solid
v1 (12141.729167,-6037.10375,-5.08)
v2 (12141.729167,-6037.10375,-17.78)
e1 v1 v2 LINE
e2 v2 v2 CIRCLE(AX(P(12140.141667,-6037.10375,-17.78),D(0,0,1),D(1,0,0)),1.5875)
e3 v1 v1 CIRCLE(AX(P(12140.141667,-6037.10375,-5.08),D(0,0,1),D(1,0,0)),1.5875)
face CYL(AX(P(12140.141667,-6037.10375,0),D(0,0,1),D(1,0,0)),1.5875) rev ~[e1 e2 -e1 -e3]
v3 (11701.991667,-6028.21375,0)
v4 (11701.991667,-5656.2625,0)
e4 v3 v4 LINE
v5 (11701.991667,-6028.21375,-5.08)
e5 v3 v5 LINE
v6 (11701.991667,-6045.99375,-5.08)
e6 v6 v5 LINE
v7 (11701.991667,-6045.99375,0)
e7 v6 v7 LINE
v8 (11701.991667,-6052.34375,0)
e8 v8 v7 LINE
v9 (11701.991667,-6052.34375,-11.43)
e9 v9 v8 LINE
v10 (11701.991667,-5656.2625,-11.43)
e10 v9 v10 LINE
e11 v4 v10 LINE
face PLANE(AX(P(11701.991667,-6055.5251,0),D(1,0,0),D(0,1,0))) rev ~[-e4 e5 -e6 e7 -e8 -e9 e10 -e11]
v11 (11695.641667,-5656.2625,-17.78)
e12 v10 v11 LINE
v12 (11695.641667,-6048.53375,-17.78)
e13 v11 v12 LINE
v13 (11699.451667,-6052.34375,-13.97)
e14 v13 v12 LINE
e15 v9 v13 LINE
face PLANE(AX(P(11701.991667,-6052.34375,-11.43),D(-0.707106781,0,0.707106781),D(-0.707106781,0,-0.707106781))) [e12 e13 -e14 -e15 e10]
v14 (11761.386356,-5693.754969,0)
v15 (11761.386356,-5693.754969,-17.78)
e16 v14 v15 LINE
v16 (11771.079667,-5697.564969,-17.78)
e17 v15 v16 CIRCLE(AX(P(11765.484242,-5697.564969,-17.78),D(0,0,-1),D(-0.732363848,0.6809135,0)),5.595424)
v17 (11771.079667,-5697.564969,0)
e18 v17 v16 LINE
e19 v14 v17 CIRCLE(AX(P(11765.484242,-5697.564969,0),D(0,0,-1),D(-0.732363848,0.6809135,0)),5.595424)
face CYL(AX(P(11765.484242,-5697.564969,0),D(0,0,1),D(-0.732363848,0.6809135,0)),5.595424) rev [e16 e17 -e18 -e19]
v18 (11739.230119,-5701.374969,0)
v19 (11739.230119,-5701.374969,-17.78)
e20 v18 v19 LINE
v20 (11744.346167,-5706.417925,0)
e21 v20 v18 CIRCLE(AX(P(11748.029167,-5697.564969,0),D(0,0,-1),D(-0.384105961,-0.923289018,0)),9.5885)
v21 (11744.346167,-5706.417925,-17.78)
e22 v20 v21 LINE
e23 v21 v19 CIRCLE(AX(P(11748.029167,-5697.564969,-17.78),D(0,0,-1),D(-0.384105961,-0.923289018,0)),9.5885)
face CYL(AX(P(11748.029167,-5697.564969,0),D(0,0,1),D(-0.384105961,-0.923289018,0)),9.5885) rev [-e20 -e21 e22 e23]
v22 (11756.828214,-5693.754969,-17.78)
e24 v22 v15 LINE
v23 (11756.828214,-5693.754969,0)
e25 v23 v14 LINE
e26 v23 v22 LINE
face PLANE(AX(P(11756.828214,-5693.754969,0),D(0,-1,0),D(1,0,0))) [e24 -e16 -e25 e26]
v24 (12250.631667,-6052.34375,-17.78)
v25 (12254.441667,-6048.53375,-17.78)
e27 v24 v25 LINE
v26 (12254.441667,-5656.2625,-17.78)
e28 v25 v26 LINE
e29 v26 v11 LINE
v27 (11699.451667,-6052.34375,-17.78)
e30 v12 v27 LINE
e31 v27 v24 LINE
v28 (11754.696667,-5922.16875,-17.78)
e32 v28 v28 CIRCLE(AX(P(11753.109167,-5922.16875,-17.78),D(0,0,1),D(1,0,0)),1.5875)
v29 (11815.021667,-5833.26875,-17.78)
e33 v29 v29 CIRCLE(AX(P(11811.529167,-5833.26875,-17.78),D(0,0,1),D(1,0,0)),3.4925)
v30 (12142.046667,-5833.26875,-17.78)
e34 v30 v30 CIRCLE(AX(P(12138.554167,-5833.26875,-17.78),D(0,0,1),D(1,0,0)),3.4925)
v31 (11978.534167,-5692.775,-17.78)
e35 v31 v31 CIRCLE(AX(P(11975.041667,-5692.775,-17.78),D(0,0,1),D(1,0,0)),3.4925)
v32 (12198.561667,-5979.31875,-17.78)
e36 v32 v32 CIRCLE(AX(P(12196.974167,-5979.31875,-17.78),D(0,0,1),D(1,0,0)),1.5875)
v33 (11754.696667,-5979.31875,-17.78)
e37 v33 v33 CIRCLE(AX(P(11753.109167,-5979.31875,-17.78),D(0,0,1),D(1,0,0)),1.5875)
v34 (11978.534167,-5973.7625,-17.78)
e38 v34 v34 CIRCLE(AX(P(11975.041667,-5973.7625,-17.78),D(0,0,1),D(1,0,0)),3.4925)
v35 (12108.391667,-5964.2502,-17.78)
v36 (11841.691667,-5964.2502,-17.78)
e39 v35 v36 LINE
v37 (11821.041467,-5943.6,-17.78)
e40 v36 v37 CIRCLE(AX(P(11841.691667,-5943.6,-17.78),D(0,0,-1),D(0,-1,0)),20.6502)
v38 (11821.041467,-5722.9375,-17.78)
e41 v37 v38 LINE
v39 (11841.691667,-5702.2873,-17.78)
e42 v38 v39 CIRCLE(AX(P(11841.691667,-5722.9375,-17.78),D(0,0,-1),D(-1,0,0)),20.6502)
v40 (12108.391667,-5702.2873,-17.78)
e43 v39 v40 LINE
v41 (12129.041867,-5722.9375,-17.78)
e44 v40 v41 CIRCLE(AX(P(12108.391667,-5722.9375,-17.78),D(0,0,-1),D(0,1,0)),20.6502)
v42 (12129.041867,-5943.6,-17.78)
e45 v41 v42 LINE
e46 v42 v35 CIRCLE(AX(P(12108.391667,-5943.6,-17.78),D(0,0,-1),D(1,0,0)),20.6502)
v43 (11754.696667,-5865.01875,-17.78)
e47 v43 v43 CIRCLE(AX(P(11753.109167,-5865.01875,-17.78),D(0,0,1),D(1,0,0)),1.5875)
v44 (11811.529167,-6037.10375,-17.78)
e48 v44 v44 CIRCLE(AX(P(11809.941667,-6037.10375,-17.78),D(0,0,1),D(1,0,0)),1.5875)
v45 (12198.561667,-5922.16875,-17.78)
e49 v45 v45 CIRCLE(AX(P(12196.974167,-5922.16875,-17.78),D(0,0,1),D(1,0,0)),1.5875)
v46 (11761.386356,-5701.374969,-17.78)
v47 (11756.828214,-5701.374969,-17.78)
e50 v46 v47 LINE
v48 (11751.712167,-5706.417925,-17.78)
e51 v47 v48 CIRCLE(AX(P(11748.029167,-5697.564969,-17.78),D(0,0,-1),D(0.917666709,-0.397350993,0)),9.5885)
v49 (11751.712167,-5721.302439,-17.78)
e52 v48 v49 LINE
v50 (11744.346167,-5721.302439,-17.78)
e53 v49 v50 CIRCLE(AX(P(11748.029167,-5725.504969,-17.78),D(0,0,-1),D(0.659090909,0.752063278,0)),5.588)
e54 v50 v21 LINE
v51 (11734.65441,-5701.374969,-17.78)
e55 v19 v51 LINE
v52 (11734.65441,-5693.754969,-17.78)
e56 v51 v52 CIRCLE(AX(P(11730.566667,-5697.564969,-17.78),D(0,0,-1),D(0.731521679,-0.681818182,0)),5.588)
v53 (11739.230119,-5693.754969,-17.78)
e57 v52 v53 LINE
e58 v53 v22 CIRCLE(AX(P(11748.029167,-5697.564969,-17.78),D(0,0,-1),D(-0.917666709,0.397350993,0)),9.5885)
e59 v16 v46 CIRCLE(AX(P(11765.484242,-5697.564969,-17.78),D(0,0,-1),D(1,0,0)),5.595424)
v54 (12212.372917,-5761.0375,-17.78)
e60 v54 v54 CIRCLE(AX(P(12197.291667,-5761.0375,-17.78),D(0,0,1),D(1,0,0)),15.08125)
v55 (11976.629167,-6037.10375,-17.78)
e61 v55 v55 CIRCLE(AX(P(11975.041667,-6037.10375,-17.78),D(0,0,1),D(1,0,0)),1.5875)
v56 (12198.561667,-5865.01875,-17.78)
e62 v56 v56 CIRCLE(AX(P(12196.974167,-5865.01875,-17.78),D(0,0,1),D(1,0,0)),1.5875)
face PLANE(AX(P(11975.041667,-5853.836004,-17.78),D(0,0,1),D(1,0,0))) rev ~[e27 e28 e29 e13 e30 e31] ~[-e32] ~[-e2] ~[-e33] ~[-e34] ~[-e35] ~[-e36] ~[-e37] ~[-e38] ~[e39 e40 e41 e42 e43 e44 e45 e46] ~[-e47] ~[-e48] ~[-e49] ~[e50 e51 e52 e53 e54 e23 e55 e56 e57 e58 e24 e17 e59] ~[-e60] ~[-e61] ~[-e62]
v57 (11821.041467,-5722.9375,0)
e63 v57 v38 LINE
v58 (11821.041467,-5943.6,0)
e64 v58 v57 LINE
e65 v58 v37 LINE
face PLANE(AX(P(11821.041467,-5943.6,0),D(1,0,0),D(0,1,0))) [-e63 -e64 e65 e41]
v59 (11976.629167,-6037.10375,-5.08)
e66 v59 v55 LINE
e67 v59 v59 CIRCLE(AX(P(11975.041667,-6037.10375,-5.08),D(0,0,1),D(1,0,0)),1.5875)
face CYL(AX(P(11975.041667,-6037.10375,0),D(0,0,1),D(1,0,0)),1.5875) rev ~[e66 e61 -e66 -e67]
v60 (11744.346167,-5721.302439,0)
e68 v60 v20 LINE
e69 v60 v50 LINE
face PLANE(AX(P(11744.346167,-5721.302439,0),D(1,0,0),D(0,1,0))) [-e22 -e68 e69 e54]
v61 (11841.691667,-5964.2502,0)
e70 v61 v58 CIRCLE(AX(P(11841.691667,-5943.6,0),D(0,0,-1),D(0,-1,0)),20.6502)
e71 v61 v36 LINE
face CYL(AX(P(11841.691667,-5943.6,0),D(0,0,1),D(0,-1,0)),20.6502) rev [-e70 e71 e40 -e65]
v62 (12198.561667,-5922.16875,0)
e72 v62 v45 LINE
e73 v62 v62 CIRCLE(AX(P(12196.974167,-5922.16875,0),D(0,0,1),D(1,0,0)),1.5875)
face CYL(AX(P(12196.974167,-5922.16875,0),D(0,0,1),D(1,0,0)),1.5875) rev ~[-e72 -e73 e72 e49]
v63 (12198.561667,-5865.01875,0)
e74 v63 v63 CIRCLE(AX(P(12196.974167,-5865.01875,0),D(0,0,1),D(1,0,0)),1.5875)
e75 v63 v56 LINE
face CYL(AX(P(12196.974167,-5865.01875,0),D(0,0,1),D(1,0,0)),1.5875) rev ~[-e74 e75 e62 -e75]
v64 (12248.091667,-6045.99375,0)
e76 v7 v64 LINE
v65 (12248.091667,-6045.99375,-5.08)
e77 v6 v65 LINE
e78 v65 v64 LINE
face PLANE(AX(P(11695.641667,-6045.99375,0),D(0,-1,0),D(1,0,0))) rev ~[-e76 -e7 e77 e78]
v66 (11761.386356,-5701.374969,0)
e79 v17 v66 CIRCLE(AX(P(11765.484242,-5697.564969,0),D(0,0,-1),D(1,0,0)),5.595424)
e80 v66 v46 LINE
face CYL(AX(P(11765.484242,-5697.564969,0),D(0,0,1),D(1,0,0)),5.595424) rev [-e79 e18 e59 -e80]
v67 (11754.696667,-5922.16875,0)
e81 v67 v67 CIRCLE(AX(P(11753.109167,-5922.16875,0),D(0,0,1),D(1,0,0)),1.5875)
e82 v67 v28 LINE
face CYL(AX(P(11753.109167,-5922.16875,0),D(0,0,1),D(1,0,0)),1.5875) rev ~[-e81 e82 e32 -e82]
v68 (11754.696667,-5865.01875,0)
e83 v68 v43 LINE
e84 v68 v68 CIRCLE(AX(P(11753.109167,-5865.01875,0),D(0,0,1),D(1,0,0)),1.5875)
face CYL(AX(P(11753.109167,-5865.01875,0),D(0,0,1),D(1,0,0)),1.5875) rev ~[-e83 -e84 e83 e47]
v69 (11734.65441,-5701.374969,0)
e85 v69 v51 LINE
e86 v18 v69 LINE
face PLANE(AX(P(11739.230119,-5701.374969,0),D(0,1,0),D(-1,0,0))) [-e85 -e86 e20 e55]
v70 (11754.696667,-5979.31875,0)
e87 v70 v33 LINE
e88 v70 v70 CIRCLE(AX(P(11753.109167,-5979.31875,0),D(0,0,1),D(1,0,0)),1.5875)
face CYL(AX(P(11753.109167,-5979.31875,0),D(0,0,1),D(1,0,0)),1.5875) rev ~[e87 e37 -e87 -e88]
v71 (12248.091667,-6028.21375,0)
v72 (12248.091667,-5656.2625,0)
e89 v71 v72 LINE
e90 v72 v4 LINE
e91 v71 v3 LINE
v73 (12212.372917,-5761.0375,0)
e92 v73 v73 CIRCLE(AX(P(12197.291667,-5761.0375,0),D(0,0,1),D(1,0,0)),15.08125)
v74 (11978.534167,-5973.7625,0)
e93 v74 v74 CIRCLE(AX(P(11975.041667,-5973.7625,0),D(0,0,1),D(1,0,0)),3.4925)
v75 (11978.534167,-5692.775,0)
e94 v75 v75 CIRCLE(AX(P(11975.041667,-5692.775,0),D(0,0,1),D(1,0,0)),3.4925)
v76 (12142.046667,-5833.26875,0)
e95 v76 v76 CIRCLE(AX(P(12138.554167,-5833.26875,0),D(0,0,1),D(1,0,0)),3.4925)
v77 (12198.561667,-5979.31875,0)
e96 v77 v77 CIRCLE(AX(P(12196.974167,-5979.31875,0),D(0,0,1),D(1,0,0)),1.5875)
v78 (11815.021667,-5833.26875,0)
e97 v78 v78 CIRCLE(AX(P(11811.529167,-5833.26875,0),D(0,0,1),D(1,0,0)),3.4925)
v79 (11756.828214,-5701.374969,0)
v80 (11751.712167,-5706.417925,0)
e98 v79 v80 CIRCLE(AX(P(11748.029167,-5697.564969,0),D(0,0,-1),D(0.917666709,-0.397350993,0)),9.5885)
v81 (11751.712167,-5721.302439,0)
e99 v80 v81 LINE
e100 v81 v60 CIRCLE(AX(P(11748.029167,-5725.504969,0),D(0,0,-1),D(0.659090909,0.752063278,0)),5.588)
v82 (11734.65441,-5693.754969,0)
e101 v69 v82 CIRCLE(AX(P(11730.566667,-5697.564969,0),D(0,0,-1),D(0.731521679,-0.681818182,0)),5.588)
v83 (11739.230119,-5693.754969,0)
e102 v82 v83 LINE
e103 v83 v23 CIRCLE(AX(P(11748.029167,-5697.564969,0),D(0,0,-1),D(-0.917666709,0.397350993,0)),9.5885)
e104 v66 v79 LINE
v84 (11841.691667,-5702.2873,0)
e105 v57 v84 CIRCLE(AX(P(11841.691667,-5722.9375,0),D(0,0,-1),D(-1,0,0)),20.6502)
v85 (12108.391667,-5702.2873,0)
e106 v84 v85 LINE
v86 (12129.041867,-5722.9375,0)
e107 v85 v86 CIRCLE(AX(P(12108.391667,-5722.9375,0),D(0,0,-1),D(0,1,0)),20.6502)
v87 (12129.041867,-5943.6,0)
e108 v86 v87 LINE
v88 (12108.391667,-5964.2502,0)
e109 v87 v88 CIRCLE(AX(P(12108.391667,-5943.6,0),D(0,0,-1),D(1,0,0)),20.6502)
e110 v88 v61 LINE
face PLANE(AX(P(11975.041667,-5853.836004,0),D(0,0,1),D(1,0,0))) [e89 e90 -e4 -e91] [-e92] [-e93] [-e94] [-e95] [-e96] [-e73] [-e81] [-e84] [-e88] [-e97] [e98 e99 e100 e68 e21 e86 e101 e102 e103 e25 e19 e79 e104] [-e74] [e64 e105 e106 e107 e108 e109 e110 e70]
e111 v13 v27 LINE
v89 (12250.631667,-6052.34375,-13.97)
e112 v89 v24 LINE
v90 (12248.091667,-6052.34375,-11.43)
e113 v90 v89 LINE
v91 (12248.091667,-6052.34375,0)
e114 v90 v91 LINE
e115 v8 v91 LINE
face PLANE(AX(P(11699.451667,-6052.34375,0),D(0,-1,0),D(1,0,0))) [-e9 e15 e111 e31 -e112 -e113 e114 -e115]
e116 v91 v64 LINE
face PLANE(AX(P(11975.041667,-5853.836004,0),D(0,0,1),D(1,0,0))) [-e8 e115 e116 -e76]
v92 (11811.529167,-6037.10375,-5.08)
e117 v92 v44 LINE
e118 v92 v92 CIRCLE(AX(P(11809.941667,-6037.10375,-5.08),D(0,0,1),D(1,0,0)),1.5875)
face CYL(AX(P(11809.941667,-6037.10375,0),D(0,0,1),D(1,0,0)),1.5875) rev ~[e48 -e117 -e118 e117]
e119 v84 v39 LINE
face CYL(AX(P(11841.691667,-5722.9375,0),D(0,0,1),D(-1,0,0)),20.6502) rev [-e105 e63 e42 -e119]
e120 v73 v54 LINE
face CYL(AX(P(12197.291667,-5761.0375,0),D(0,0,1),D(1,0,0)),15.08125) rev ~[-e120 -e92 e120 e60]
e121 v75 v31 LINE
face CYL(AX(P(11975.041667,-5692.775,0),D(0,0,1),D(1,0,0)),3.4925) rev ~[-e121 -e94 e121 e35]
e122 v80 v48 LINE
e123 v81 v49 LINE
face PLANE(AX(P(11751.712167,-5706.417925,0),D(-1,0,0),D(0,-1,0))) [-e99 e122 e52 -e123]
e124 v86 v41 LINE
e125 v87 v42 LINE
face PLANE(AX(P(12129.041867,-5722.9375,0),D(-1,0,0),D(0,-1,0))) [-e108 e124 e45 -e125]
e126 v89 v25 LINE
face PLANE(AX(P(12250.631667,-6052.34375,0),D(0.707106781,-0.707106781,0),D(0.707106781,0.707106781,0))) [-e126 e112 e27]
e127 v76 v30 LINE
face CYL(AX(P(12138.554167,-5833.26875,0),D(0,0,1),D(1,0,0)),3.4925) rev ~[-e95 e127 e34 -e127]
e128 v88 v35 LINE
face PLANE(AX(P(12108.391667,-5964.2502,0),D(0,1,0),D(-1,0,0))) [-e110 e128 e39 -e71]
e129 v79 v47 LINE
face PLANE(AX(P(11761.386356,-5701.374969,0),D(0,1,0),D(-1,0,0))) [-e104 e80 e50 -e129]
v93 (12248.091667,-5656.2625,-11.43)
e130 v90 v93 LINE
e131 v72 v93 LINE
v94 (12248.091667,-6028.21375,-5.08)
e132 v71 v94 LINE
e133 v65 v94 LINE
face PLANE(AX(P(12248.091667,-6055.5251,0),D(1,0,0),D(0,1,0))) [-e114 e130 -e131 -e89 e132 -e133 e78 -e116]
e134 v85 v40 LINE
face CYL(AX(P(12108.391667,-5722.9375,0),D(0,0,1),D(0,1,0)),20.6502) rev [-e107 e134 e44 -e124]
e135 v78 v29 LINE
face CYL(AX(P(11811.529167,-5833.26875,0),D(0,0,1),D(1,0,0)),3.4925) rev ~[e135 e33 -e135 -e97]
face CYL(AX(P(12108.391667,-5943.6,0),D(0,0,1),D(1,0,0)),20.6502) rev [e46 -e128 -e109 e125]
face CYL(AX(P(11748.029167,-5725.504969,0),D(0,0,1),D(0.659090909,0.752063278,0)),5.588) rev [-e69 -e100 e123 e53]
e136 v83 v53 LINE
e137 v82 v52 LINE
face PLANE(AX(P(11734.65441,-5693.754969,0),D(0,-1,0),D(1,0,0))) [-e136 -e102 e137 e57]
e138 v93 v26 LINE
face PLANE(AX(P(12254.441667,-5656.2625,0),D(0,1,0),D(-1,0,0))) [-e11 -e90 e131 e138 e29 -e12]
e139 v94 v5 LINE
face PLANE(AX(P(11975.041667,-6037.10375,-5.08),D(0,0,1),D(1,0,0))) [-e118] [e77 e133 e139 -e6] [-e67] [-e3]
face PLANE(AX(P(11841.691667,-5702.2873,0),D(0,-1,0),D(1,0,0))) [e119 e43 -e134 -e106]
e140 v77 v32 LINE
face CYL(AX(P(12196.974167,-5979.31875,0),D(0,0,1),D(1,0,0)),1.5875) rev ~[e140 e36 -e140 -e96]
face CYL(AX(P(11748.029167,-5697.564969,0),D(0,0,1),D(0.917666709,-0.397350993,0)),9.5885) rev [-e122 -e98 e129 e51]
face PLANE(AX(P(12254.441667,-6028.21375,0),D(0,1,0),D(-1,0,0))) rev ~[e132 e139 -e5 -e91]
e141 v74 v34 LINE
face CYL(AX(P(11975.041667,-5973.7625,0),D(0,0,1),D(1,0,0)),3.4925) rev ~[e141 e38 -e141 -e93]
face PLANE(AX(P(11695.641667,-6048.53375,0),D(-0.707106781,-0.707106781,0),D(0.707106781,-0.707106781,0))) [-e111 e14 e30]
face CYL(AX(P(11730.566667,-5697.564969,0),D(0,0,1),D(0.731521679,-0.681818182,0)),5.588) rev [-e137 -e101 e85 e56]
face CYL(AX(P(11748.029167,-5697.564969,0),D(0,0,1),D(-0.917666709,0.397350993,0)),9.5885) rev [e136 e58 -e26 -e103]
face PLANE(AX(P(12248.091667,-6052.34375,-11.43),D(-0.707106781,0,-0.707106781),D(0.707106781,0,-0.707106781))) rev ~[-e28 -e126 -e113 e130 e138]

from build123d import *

# Parameters (mm, degrees)
EXTRUDE1_DEPTH     = 17.78
SKETCH3_R          = 15.08125
SKETCH3_R_2        = 3.4925
SKETCH3_R_3        = 1.5875
CUT_EXTRUDE1_DEPTH = 17.78
CUT_EXTRUDE2_DEPTH = 5.08
SKETCH5_W          = 14.2875
SKETCH5_H          = 404.0251
CUT_EXTRUDE3_DEPTH = 11.43
CUT_EXTRUDE4_DEPTH = 396.08125


with BuildPart() as part:
    # Sketch2 → Extrude1 (new body)
    with BuildSketch(Plane.XY):
        Polygon((11695.641666666, -6048.53375), (11699.451666666, -6052.34375), (12250.631666666, -6052.34375), (12254.441666666, -6048.53375), (12254.441666666, -5656.2625), (11695.641666666, -5656.2625), align=None)
    extrude(amount=-EXTRUDE1_DEPTH)

    # Sketch3 → Cut-Extrude1 (cut)
    with BuildSketch(Plane.XY):
        with Locations((12197.291666666, -5761.0375)):
            Circle(SKETCH3_R)
        with Locations((12138.554166666, -5833.26875)):
            Circle(SKETCH3_R_2)
        with Locations((12196.974166666, -5865.01875)):
            Circle(SKETCH3_R_3)
        with Locations((12196.974166666, -5922.16875)):
            Circle(SKETCH3_R_3)
        with Locations((12196.974166666, -5979.31875)):
            Circle(SKETCH3_R_3)
        with Locations((12140.141666666, -6037.10375)):
            Circle(SKETCH3_R_3)
        with Locations((11975.041666666, -6037.10375)):
            Circle(SKETCH3_R_3)
        with Locations((11809.941666666, -6037.10375)):
            Circle(SKETCH3_R_3)
        with Locations((11753.109166666, -5979.31875)):
            Circle(SKETCH3_R_3)
        with Locations((11753.109166666, -5922.16875)):
            Circle(SKETCH3_R_3)
        with Locations((11753.109166666, -5865.01875)):
            Circle(SKETCH3_R_3)
        with Locations((11811.529166666, -5833.26875)):
            Circle(SKETCH3_R_2)
        with Locations((11975.041666666, -5973.7625)):
            Circle(SKETCH3_R_2)
        with Locations((11975.041666666, -5692.775)):
            Circle(SKETCH3_R_2)
        with BuildLine():
            Line((11841.691666666, -5702.2873), (12108.391666666, -5702.2873))
            ThreePointArc((12108.391666666, -5702.2873), (12122.993563119, -5708.335603547), (12129.041866666, -5722.9375))
            Line((12129.041866666, -5722.9375), (12129.041866666, -5943.6))
            ThreePointArc((12129.041866666, -5943.6), (12122.993563119, -5958.201896453), (12108.391666666, -5964.2502))
            Line((12108.391666666, -5964.2502), (11841.691666666, -5964.2502))
            ThreePointArc((11841.691666666, -5964.2502), (11827.089770213, -5958.201896453), (11821.041466666, -5943.6))
            Line((11821.041466666, -5943.6), (11821.041466666, -5722.9375))
            ThreePointArc((11821.041466666, -5722.9375), (11827.089770213, -5708.335603547), (11841.691666666, -5702.2873))
        make_face()
        with BuildLine():
            Line((11734.654409808, -5693.754968556), (11739.23011943, -5693.754968556))
            ThreePointArc((11739.23011943, -5693.754968556), (11748.029166666, -5687.976468556), (11756.828213901, -5693.754968556))
            Line((11756.828213901, -5693.754968556), (11761.386355753, -5693.754968556))
            ThreePointArc((11761.386355753, -5693.754968556), (11767.531113043, -5692.357368906), (11771.079666666, -5697.564968556))
            ThreePointArc((11771.079666666, -5697.564968556), (11767.531113043, -5702.772568206), (11761.386355753, -5701.374968556))
            Line((11761.386355753, -5701.374968556), (11756.828213901, -5701.374968556))
            ThreePointArc((11756.828213901, -5701.374968556), (11754.760305425, -5704.393665595), (11751.712166666, -5706.417925308))
            Line((11751.712166666, -5706.417925308), (11751.712166666, -5721.30243896))
            ThreePointArc((11751.712166666, -5721.30243896), (11748.029166666, -5731.092968556), (11744.346166666, -5721.30243896))
            Line((11744.346166666, -5721.30243896), (11744.346166666, -5706.417925308))
            ThreePointArc((11744.346166666, -5706.417925308), (11741.298027907, -5704.393665595), (11739.23011943, -5701.374968556))
            Line((11739.23011943, -5701.374968556), (11734.654409809, -5701.374968556))
            ThreePointArc((11734.654409809, -5701.374968556), (11724.978666666, -5697.564968556), (11734.654409808, -5693.754968556))
        make_face()
    extrude(amount=-CUT_EXTRUDE1_DEPTH, mode=Mode.SUBTRACT)

    # Sketch4 → Cut-Extrude2 (cut)
    with BuildSketch(Plane.XY):
        Polygon((11975.041666666, -6028.21375), (11695.641666666, -6028.21375), (11695.641666666, -6045.99375), (12254.441666666, -6045.99375), (12254.441666666, -6028.21375), align=None)
    extrude(amount=-CUT_EXTRUDE2_DEPTH, mode=Mode.SUBTRACT)

    # Sketch5 → Cut-Extrude3 (cut)
    with BuildSketch(Plane.XY):
        with Locations((11694.847916666, -5853.51255)):
            Rectangle(SKETCH5_W, SKETCH5_H)
        with Locations((12255.235416666, -5853.51255)):
            Rectangle(SKETCH5_W, SKETCH5_H)
    extrude(amount=-CUT_EXTRUDE3_DEPTH, mode=Mode.SUBTRACT)

    # Sketch7 → Cut-Extrude4 (cut)
    with BuildSketch(Plane.XZ.offset(6052.34375)):
        Polygon((12254.441666666, -17.78), (12254.441666666, -11.43), (12248.091666666, -11.43), align=None)
        Polygon((11695.641666666, -17.78), (11695.641666666, -11.43), (11701.991666666, -11.43), align=None)
    extrude(amount=-CUT_EXTRUDE4_DEPTH, mode=Mode.SUBTRACT)


solid = part.part
